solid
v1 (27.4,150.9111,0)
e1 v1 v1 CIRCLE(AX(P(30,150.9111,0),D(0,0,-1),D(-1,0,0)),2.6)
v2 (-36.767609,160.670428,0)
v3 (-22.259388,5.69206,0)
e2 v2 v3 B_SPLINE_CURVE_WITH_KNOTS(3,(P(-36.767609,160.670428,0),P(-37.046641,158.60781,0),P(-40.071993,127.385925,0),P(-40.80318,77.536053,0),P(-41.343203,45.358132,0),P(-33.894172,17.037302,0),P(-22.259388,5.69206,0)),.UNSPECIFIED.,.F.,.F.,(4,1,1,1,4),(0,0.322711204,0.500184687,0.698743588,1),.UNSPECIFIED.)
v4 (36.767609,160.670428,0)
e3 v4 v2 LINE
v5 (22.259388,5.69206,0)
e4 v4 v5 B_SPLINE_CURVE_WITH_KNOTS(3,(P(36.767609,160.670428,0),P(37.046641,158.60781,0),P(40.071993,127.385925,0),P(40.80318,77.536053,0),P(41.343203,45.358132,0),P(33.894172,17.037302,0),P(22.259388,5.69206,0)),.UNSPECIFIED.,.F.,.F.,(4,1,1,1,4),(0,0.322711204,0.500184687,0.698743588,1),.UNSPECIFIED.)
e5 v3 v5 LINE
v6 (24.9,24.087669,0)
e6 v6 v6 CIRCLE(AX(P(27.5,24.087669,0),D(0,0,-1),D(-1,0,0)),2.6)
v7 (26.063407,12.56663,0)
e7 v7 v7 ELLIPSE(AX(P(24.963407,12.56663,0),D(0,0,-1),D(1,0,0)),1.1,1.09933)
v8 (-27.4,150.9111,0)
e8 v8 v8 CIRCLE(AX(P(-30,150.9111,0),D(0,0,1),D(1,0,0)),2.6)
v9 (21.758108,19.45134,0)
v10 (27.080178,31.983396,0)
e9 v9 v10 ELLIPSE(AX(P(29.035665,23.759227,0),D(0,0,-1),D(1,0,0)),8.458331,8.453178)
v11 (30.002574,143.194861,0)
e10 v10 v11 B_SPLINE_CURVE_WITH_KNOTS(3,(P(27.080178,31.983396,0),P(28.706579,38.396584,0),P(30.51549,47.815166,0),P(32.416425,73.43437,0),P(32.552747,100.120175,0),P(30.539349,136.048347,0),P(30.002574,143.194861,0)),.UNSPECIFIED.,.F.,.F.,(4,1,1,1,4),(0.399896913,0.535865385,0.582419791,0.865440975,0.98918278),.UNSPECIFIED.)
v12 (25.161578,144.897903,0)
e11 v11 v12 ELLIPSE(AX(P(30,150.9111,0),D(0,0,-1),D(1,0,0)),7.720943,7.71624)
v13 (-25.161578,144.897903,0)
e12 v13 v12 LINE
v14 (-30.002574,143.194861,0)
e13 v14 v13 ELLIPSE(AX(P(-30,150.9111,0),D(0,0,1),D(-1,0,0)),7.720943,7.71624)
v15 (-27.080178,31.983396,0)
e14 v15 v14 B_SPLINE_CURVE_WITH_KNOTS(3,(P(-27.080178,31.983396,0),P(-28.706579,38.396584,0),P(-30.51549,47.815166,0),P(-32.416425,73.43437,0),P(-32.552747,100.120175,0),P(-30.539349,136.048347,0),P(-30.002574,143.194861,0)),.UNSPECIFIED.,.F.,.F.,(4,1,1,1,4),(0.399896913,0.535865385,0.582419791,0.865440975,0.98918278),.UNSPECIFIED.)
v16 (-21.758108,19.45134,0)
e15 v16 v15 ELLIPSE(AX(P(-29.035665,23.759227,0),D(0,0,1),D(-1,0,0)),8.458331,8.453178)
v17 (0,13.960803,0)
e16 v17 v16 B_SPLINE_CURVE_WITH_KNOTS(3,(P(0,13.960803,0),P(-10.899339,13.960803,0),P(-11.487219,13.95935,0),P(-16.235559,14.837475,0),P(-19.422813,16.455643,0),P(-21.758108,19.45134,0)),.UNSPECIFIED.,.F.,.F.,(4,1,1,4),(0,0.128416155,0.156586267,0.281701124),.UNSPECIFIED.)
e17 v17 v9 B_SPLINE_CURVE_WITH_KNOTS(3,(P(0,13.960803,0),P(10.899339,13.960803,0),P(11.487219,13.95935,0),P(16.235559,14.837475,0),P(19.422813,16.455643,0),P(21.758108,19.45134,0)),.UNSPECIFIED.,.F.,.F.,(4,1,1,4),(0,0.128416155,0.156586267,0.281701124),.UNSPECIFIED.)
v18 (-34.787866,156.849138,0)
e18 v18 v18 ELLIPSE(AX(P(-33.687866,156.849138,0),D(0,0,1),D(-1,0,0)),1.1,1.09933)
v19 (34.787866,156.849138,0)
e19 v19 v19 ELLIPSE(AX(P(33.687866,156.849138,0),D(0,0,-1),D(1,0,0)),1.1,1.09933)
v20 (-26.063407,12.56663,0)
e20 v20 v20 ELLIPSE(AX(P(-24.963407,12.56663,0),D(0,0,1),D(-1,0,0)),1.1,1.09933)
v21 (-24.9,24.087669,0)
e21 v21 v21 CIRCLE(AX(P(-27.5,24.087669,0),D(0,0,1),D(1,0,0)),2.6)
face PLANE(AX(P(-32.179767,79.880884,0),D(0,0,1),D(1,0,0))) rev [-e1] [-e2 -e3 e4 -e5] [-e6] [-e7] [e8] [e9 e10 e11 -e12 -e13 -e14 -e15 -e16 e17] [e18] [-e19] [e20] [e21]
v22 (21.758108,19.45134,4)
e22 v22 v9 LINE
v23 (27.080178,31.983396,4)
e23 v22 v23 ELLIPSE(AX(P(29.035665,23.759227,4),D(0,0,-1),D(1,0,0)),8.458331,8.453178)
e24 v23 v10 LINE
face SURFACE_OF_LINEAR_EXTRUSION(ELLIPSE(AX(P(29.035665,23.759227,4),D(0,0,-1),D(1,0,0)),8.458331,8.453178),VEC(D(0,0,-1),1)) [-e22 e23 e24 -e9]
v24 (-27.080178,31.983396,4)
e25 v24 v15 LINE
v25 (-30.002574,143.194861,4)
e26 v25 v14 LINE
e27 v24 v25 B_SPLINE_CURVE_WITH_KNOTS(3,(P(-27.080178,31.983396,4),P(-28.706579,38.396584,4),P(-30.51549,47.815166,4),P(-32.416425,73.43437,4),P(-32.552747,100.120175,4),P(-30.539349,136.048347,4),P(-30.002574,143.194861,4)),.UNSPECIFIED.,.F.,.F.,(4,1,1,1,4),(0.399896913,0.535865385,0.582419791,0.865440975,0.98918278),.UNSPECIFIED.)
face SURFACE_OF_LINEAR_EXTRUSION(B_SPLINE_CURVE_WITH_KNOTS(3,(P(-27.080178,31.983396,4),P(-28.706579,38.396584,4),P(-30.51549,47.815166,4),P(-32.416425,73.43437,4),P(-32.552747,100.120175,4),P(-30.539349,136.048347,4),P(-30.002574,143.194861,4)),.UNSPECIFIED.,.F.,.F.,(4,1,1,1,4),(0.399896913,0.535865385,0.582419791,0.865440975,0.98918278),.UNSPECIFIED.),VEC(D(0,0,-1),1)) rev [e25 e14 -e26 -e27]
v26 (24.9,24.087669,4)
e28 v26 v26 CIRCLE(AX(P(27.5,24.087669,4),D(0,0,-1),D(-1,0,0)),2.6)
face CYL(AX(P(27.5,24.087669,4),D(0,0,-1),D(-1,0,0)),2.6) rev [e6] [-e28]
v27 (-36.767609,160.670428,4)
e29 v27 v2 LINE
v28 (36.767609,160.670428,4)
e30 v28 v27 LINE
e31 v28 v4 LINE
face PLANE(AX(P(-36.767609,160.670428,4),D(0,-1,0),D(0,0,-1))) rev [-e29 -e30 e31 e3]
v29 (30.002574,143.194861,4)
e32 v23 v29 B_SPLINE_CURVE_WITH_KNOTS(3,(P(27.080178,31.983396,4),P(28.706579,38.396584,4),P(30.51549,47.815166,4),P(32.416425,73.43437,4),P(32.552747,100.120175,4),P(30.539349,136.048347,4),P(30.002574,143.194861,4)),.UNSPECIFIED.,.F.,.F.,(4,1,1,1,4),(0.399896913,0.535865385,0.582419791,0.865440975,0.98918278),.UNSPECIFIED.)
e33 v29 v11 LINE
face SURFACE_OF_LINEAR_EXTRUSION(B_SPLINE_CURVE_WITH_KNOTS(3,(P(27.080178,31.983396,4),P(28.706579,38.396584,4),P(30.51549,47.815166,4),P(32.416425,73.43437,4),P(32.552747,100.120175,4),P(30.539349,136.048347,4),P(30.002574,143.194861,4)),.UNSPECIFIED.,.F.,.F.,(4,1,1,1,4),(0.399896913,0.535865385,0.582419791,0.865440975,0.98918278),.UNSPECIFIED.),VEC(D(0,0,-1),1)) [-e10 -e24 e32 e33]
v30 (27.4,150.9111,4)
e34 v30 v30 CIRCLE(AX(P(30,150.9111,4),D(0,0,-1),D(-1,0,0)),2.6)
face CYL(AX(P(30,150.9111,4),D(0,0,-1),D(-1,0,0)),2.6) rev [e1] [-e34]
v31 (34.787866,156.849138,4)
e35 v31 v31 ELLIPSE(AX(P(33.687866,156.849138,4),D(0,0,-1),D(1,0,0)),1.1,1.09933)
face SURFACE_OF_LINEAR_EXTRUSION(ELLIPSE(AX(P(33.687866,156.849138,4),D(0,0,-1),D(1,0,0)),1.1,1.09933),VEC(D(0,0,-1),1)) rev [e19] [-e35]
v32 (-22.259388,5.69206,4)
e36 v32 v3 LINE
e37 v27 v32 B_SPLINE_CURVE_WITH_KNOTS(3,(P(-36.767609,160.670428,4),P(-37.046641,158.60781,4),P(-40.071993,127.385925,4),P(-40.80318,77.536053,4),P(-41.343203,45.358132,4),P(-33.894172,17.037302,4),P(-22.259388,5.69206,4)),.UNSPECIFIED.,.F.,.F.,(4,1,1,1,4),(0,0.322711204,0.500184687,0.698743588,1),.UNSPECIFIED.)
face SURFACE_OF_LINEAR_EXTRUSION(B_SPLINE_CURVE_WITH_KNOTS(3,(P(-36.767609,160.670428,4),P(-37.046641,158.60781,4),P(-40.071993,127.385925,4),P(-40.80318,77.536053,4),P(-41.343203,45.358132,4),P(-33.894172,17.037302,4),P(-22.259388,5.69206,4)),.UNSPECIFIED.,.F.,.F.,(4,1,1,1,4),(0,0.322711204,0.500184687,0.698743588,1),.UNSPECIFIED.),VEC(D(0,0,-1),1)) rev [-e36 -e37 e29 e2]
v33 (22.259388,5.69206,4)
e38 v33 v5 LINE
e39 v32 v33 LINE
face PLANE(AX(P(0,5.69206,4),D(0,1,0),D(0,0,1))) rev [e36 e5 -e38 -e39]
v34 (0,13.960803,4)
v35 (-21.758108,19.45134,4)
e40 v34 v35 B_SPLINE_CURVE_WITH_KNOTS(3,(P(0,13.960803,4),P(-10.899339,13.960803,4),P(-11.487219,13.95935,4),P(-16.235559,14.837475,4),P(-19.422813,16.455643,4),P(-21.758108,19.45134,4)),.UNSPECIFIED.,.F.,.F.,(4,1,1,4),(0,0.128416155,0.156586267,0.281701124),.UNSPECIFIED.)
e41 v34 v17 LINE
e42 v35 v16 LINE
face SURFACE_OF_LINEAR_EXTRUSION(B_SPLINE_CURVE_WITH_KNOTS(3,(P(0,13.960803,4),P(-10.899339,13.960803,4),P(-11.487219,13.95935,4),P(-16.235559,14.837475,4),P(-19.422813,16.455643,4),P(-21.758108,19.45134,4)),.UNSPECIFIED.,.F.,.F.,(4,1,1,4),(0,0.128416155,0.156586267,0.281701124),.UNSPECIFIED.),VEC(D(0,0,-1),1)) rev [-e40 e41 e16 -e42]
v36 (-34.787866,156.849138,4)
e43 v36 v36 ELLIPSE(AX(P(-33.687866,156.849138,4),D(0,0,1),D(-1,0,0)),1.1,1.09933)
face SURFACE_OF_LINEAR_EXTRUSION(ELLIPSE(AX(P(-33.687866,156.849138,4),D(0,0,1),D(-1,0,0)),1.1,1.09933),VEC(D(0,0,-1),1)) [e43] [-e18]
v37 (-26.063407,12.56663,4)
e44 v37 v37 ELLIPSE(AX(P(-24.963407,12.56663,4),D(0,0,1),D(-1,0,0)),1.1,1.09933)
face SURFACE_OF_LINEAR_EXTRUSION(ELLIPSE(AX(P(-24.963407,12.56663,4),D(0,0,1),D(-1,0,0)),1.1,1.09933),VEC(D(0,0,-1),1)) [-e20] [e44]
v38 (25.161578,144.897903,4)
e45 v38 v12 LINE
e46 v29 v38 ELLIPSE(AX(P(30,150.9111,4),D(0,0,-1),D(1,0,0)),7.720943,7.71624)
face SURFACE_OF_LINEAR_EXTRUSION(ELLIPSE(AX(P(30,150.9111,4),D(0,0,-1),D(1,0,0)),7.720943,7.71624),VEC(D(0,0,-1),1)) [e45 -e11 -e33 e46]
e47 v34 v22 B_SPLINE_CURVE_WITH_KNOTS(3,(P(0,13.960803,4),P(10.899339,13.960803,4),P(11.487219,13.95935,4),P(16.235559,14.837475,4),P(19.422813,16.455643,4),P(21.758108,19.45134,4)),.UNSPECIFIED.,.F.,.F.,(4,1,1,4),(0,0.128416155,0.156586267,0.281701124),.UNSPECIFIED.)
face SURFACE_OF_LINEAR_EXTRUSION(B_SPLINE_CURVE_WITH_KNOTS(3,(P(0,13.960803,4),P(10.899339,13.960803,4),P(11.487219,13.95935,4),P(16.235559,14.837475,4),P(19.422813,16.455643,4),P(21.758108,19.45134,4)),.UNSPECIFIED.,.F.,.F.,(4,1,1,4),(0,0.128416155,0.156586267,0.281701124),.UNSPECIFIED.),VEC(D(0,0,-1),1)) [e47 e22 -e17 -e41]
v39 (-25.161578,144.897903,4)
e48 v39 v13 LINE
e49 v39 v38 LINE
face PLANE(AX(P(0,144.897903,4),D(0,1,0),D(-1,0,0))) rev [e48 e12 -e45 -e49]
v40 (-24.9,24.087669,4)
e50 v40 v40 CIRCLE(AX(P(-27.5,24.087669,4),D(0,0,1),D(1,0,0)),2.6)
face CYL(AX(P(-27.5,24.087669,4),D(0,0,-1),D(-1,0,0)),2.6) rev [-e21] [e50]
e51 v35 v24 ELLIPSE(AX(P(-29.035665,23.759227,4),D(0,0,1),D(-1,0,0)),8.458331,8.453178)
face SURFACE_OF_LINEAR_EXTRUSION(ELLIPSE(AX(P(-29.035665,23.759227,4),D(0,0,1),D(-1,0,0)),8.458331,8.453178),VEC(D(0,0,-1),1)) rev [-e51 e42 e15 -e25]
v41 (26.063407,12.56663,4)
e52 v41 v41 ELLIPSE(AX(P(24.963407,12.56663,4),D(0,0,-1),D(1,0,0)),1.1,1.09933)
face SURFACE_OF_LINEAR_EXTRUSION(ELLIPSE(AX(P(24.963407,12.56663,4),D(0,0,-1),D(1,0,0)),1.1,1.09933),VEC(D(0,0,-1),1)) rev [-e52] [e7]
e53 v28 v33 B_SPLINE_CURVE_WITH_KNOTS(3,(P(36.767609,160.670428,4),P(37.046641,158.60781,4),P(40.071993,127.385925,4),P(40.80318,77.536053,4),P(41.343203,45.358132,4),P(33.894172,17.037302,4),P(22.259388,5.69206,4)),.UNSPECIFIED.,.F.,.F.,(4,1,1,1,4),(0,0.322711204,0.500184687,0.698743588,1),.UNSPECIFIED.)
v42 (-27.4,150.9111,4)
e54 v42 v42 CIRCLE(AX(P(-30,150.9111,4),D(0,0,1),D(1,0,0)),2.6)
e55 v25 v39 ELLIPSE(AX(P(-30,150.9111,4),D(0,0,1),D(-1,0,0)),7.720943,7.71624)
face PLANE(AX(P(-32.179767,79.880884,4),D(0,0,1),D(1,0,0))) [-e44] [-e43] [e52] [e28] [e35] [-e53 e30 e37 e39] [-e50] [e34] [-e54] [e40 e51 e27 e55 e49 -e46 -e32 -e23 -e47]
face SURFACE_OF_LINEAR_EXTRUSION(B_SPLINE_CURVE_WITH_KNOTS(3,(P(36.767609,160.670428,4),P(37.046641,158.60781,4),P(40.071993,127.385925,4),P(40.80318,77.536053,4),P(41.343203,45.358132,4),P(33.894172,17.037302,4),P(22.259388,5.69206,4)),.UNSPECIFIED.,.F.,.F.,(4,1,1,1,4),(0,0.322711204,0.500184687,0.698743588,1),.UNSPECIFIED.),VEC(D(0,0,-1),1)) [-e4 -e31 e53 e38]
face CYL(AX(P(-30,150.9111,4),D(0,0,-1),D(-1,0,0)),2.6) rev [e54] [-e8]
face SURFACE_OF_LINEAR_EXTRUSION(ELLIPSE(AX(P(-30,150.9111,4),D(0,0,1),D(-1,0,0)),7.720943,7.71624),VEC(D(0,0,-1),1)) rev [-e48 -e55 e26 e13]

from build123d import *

# Parameters (mm, degrees)
SKETCH1_R           = 2.6
SKETCH1_RX          = 1.1
SKETCH1_RY          = 1.09932991
BOSS_EXTRUDE1_DEPTH = 4


with BuildPart() as part:
    # Sketch1 → Boss-Extrude1 (new body)
    with BuildSketch(Plane.XY):
        with BuildLine():
            Line((0, 5.692059911), (0, 13.960803037))
            add(Edge.make_bspline(
                [(0, 13.960803037), (-10.899339386, 13.960803037), (-11.487218892, 13.959349751), (-16.235559114, 14.8374748), (-19.42281347, 16.455642741), (-21.75810774, 19.451339794)],
                knots=[0, 0, 0, 0, 0.128416155, 0.156586267, 0.281701124, 0.281701124, 0.281701124, 0.281701124], degree=3))
            add(Edge.make_bspline(
                [(-21.75810774, 19.451339794), (-15.903861103, 29.32920361), (-27.080177886, 31.983395584)],
                knots=[5.748445187, 5.748445187, 5.748445187, 7.620680331, 7.620680331, 7.620680331], degree=2, weights=[1, 0.592918858, 1]))
            add(Edge.make_bspline(
                [(-27.080177886, 31.983395584), (-28.706578592, 38.396584339), (-30.515490185, 47.815165764), (-32.416424554, 73.43436988), (-32.552747016, 100.120175104), (-30.539348615, 136.048346927), (-30.002573633, 143.19486067)],
                knots=[0.399896913, 0.399896913, 0.399896913, 0.399896913, 0.535865385, 0.582419791, 0.865440975, 0.98918278, 0.98918278, 0.98918278, 0.98918278], degree=3))
            add(Edge.make_bspline(
                [(-30.002573633, 143.19486067), (-27.281829786, 143.193954313), (-25.161578064, 144.897902642)],
                knots=[1.570462995, 1.570462995, 1.570462995, 2.248058784, 2.248058784, 2.248058784], degree=2, weights=[1, 0.943154871, 1]))
            Line((-25.161578064, 144.897902642), (0, 144.897902642))
            Line((0, 144.897902642), (0, 160.670428059))
            Line((0, 160.670428059), (-36.767608898, 160.670428059))
            add(Edge.make_bspline(
                [(-36.767608898, 160.670428059), (-37.046640535, 158.607809885), (-40.071993295, 127.385925043), (-40.803180234, 77.536053485), (-41.343202954, 45.35813169), (-33.894171557, 17.037301791), (-22.259388115, 5.692059911)],
                knots=[0, 0, 0, 0, 0.322711204, 0.500184687, 0.698743588, 1, 1, 1, 1], degree=3))
            Line((-22.259388115, 5.692059911), (0, 5.692059911))
        make_face()
        with Locations((-27.5, 24.087668969)):
            Circle(SKETCH1_R, mode=Mode.SUBTRACT)
        with Locations((-30, 150.911100024)):
            Circle(SKETCH1_R, mode=Mode.SUBTRACT)
        with Locations(Location((-33.687866417, 156.849138163), (0, 0, 180))):
            Ellipse(SKETCH1_RX, SKETCH1_RY, mode=Mode.SUBTRACT)
        with Locations(Location((-24.963406725, 12.566629974), (0, 0, 180))):
            Ellipse(SKETCH1_RX, SKETCH1_RY, mode=Mode.SUBTRACT)
    boss_extrude1 = extrude(amount=BOSS_EXTRUDE1_DEPTH)

    # Mirror1: Boss-Extrude1 across plane
    add(boss_extrude1.mirror(Plane(origin=(0, 160.670428059, 4), x_dir=(0, 0, 1), z_dir=(-1, 0, 0))))


solid = part.part
